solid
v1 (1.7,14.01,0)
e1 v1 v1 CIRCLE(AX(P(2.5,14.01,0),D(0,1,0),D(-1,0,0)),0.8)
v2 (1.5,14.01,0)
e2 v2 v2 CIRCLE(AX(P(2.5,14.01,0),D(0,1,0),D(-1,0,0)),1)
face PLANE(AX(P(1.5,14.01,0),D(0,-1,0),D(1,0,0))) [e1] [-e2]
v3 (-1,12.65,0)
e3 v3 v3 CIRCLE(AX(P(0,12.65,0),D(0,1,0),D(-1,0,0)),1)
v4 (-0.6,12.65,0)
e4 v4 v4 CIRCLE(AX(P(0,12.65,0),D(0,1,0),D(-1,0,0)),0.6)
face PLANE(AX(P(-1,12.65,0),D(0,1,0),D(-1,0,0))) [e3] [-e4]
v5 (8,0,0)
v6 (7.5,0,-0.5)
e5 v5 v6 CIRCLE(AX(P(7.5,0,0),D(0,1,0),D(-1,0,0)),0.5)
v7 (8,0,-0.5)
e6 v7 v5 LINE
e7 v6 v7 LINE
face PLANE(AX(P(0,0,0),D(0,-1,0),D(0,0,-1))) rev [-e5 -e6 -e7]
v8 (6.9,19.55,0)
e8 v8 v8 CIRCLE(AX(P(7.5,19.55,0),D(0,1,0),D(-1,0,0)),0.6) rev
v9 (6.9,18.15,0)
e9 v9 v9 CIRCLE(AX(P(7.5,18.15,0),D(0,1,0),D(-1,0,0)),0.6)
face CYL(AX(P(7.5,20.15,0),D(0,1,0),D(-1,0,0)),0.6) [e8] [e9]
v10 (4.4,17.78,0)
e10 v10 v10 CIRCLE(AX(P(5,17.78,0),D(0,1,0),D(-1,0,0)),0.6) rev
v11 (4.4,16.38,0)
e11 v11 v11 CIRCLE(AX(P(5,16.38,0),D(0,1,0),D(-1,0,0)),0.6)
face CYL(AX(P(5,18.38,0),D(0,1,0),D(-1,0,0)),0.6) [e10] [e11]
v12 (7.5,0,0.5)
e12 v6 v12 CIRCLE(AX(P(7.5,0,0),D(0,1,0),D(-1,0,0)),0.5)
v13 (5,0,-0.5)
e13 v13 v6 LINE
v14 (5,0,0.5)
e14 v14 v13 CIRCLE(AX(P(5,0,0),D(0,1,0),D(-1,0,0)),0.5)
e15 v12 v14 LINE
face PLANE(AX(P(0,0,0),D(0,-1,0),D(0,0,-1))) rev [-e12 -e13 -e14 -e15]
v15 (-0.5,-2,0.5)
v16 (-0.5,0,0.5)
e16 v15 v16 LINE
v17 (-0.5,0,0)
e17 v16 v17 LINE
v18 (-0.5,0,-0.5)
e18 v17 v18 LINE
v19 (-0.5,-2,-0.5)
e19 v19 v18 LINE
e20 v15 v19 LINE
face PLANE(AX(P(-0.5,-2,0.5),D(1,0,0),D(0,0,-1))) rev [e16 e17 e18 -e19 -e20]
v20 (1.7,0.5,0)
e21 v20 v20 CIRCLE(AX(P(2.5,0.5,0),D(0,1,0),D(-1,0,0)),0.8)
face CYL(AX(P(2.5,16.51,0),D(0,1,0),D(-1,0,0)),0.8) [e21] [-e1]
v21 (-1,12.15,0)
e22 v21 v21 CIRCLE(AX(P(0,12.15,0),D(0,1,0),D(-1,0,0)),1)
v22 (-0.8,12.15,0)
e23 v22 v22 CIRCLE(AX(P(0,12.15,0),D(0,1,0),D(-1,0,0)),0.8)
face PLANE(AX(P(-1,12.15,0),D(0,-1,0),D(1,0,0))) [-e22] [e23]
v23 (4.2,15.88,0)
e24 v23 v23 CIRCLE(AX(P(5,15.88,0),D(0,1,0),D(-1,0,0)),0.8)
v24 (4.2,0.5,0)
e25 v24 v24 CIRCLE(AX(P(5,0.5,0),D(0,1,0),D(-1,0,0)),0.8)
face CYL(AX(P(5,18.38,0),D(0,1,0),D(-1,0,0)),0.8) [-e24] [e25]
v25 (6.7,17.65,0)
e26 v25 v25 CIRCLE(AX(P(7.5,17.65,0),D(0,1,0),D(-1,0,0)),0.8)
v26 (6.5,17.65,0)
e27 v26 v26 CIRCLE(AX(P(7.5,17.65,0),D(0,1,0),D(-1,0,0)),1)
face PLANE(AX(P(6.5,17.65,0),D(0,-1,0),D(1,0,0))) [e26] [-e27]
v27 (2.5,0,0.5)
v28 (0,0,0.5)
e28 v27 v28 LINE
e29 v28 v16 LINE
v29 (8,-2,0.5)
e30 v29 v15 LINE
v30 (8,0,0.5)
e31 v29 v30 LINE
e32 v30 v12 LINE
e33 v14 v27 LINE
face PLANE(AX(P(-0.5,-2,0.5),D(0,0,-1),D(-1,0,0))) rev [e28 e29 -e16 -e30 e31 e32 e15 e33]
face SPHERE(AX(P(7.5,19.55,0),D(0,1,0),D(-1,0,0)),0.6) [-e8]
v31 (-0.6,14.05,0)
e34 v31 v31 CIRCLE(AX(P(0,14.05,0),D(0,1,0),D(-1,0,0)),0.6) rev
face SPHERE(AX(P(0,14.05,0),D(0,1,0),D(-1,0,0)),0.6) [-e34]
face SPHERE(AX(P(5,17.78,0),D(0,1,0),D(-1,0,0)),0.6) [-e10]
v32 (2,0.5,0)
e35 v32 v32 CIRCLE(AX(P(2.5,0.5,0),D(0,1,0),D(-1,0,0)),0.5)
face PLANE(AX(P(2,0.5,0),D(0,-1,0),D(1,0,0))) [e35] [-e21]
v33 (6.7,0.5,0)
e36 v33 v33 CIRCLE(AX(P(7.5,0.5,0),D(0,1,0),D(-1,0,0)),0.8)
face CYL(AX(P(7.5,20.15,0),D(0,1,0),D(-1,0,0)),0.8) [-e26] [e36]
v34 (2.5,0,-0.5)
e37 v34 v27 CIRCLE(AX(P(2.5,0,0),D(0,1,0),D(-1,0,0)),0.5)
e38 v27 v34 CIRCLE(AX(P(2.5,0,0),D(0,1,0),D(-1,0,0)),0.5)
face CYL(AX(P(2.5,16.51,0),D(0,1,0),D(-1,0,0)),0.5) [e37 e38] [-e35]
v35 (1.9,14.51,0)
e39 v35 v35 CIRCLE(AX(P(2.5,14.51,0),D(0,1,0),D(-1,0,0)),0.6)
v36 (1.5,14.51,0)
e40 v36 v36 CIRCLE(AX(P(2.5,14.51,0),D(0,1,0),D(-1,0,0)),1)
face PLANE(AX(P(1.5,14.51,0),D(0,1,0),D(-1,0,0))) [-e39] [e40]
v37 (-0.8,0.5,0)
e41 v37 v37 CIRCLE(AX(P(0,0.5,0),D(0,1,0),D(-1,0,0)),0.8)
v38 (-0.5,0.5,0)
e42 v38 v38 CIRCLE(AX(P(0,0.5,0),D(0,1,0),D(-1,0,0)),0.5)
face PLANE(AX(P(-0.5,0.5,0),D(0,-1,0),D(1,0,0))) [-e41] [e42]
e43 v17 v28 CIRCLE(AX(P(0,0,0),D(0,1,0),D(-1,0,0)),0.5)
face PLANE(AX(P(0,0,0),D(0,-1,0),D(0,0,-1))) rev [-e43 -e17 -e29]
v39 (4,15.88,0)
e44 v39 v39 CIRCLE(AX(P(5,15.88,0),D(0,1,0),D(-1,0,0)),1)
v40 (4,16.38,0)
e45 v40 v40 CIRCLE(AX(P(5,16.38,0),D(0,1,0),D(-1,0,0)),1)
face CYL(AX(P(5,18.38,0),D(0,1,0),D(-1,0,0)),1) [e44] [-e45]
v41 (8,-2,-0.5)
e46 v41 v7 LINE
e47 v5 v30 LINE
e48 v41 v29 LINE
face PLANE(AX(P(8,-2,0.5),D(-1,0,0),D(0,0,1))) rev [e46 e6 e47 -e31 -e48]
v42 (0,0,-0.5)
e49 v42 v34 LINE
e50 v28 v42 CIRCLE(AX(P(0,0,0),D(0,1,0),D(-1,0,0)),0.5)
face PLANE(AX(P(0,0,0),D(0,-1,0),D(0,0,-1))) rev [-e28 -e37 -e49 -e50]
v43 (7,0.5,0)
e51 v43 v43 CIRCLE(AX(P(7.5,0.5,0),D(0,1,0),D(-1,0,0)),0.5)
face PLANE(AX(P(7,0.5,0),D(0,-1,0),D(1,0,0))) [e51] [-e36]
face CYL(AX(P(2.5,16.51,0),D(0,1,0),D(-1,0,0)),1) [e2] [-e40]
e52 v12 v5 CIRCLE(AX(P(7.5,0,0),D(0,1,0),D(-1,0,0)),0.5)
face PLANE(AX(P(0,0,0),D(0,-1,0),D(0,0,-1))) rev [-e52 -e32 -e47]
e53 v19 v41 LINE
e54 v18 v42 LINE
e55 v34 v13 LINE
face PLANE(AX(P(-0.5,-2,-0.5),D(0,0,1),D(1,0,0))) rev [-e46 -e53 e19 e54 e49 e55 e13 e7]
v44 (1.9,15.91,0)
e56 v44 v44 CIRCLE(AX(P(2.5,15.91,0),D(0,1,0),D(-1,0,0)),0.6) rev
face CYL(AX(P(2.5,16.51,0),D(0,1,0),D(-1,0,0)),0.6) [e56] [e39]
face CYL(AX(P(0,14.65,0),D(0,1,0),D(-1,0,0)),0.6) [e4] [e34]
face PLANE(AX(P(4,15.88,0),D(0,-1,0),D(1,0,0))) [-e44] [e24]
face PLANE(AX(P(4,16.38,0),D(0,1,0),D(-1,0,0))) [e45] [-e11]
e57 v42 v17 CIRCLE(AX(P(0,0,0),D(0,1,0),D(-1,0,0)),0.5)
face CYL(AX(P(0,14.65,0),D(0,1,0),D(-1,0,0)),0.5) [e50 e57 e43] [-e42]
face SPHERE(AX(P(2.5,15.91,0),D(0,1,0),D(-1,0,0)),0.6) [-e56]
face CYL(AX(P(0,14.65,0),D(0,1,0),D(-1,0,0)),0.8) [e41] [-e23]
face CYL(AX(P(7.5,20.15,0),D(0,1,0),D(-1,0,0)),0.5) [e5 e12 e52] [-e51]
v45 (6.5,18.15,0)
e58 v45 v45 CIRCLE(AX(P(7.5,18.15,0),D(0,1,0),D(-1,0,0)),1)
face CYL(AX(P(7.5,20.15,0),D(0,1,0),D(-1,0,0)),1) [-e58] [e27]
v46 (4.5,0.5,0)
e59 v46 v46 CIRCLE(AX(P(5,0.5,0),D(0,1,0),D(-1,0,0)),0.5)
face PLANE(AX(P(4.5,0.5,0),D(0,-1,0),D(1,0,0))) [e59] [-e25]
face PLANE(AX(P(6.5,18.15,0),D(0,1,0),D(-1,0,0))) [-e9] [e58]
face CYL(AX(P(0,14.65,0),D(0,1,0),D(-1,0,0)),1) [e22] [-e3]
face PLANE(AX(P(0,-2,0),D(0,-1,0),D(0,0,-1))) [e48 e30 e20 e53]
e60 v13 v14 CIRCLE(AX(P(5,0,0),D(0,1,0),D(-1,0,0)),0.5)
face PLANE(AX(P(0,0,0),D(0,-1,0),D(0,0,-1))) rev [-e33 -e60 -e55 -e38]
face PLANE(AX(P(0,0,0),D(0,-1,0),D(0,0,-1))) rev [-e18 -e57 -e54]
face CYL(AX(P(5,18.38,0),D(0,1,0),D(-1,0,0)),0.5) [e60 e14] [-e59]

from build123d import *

# Parameters (mm, degrees)
FILLET2_R           = 0.6
FILLET3_R           = 0.6
FILLET4_R           = 0.6
FILLET5_R           = 0.6
SKETCH14_W          = 8.5
SKETCH14_H          = 1
BOSS_EXTRUDE1_DEPTH = 2


with BuildPart() as part:
    # Sketch10 → Revolve1 (revolve)
    with BuildSketch(Plane.XY):
        Polygon((0, 0), (-0.5, 0), (-0.5, 0.5), (-0.8, 0.5), (-0.8, 12.15), (-1, 12.15), (-1, 12.65), (-0.6, 12.65), (-0.6, 14.65), (0, 14.65), align=None)
    revolve(axis=Axis((0, 14.65, 0), (0, -1, 0)))

    # Fillet2
    fillet2_edges = [part.edges().sort_by_distance(p)[0] for p in [
        (0.6, 14.65, 0),
    ]]
    fillet(fillet2_edges, radius=FILLET2_R)



with BuildPart() as body_2:
    # Sketch11 → Revolve2 (revolve)
    with BuildSketch(Plane.XY):
        Polygon((2.5, 0), (2, 0), (2, 0.5), (1.7, 0.5), (1.7, 14.01), (1.5, 14.01), (1.5, 14.51), (1.9, 14.51), (1.9, 16.51), (2.5, 16.51), align=None)
    revolve(axis=Axis((2.5, 16.51, 0), (0, -1, 0)))

    # Fillet3
    fillet3_edges = [body_2.edges().sort_by_distance(p)[0] for p in [
        (3.1, 16.51, 0),
    ]]
    fillet(fillet3_edges, radius=FILLET3_R)


with BuildPart() as body_3:
    # Sketch12 → Revolve3 (revolve)
    with BuildSketch(Plane.XY):
        Polygon((5, 0), (4.5, 0), (4.5, 0.5), (4.2, 0.5), (4.2, 15.88), (4, 15.88), (4, 16.38), (4.4, 16.38), (4.4, 18.38), (5, 18.38), align=None)
    revolve(axis=Axis((5, 18.38, 0), (0, -1, 0)))

    # Fillet4
    fillet4_edges = [body_3.edges().sort_by_distance(p)[0] for p in [
        (5.6, 18.38, 0),
    ]]
    fillet(fillet4_edges, radius=FILLET4_R)


with BuildPart() as body_4:
    # Sketch13 → Revolve4 (revolve)
    with BuildSketch(Plane.XY):
        Polygon((7.5, 0), (7, 0), (7, 0.5), (6.7, 0.5), (6.7, 17.65), (6.5, 17.65), (6.5, 18.15), (6.9, 18.15), (6.9, 20.15), (7.5, 20.15), align=None)
    revolve(axis=Axis((7.5, 20.15, 0), (0, -1, 0)))

    # Fillet5
    fillet5_edges = [body_4.edges().sort_by_distance(p)[0] for p in [
        (8.1, 20.15, 0),
    ]]
    fillet(fillet5_edges, radius=FILLET5_R)


with BuildPart() as part_1:
    add(part.part)

    add(body_2.part)  # Boss-Extrude1 merges body 2

    add(body_3.part)  # Boss-Extrude1 merges body 3

    add(body_4.part)  # Boss-Extrude1 merges body 4
    # Sketch14 → Boss-Extrude1 (add)
    with BuildSketch(Plane.XZ):
        with Locations((3.75, 0)):
            Rectangle(SKETCH14_W, SKETCH14_H)
    extrude(amount=BOSS_EXTRUDE1_DEPTH)


solid = part_1.part
